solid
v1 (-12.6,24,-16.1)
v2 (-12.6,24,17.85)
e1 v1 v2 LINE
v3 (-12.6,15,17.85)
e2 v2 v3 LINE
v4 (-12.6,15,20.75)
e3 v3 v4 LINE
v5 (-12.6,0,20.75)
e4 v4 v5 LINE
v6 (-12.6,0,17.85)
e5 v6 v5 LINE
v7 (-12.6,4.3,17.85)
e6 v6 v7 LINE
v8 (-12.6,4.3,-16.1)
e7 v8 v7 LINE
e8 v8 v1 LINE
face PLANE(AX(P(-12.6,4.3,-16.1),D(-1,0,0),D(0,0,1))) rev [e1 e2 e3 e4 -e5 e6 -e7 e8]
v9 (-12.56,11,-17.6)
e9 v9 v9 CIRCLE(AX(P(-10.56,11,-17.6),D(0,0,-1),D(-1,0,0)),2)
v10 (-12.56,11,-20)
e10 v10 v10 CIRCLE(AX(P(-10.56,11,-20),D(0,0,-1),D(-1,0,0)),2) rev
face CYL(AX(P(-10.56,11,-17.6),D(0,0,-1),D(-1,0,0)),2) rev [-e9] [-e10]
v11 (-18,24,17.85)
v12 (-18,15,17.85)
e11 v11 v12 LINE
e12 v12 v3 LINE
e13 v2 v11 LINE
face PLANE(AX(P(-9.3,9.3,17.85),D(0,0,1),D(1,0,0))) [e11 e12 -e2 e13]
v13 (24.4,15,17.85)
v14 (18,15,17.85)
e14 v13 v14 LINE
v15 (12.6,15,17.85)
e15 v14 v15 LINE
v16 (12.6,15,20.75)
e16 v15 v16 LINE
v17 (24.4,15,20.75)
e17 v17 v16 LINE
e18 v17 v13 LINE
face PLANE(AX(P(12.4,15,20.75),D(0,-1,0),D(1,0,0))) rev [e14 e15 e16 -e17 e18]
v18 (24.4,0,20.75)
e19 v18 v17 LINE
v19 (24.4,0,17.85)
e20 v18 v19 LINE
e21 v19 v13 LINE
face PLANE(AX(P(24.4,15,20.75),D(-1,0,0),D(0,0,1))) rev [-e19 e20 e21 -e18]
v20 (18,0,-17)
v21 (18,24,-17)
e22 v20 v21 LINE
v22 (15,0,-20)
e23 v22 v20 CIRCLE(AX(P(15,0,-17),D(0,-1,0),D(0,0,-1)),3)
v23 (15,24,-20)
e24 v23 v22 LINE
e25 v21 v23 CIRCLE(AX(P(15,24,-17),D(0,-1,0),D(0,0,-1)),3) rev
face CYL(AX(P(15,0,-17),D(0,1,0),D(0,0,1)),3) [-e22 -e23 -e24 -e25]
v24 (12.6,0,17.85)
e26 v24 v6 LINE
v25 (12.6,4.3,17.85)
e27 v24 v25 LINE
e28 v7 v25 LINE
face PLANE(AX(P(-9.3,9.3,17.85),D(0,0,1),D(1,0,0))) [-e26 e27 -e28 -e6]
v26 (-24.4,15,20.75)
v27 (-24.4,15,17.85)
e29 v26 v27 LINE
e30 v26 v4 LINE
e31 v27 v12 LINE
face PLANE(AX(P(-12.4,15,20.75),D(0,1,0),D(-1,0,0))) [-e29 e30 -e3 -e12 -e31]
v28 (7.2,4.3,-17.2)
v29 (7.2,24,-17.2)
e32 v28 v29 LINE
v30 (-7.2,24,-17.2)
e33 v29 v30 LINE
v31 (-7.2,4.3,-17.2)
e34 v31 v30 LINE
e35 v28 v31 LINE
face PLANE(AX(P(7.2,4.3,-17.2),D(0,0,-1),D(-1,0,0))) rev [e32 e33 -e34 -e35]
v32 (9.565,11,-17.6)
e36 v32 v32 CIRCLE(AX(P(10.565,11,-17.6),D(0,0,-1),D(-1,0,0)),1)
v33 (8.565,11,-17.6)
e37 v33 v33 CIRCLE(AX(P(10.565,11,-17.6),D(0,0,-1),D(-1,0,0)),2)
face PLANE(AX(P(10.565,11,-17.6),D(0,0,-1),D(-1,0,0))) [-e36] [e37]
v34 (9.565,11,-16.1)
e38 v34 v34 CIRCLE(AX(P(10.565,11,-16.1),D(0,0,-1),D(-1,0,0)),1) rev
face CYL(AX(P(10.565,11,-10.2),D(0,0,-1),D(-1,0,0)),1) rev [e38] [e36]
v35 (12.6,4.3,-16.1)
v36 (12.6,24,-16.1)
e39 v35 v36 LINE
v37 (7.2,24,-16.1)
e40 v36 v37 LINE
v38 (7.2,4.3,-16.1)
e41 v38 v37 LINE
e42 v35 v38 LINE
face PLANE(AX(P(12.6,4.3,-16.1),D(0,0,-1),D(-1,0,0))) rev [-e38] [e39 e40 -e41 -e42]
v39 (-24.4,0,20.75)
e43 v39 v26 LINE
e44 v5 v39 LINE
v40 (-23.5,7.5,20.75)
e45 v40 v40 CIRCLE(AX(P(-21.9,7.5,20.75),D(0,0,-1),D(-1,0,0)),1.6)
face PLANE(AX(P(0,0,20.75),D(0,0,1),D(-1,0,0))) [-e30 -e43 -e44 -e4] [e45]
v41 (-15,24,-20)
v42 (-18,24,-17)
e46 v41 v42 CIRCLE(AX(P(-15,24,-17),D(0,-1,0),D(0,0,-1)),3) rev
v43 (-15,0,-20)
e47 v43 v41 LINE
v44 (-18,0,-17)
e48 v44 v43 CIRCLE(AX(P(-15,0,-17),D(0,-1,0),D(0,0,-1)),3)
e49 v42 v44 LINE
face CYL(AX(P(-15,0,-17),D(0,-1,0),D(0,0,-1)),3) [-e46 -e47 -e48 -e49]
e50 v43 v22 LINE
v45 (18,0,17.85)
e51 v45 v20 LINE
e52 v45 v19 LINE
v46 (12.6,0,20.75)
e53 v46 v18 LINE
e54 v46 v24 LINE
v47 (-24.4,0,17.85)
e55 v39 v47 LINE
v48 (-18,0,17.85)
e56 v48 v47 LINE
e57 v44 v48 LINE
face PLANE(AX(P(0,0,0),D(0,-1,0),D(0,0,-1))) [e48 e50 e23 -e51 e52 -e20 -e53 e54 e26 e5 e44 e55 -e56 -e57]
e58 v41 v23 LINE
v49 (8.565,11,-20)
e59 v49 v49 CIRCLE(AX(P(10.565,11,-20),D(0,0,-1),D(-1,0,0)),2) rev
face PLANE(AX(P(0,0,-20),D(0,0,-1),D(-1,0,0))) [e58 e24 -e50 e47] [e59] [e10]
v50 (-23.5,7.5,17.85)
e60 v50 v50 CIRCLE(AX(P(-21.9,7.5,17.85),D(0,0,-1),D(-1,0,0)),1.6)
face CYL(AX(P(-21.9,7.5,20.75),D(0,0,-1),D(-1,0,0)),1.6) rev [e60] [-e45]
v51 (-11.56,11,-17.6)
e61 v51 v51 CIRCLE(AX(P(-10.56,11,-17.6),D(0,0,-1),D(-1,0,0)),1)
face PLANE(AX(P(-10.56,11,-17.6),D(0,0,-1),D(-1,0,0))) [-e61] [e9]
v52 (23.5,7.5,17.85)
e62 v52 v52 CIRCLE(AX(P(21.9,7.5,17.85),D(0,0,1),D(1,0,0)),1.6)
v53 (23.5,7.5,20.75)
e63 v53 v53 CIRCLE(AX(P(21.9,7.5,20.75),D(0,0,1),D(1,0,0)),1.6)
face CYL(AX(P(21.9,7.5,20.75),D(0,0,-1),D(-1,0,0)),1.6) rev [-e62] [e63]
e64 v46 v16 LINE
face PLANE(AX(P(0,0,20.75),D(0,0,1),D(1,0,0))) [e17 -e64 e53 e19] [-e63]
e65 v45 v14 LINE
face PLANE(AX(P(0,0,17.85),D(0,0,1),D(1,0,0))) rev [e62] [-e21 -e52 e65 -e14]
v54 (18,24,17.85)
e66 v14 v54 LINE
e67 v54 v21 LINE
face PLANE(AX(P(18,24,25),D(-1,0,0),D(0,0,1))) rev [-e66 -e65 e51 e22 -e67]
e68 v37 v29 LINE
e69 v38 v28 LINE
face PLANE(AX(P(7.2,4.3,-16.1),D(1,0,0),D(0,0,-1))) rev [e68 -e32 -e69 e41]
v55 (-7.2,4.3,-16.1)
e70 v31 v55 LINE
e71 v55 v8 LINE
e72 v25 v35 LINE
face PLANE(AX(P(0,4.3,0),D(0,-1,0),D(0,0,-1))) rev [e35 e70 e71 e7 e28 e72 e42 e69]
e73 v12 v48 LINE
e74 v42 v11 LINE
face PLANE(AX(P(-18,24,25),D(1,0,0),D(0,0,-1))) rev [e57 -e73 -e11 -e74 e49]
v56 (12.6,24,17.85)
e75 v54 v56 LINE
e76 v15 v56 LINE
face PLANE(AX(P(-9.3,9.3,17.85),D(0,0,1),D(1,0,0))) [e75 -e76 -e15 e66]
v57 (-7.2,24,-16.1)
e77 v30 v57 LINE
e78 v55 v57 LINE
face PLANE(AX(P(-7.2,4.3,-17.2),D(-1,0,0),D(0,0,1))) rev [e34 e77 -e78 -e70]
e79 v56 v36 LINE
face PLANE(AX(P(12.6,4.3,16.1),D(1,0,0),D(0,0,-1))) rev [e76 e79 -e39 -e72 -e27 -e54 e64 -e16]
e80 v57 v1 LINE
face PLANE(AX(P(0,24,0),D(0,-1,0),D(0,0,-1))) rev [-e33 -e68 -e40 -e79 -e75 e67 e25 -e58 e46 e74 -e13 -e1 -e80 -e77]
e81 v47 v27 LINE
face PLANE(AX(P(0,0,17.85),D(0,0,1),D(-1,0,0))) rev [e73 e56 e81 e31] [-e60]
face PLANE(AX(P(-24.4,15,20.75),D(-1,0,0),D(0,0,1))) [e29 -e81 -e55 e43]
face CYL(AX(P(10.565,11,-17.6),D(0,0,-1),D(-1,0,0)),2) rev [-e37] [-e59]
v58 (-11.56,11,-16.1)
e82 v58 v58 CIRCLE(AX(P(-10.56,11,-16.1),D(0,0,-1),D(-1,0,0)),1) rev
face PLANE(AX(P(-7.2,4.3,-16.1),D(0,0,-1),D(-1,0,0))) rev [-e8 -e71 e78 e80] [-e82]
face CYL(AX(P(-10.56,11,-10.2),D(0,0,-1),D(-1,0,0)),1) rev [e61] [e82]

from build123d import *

# Parameters (mm, degrees)
SKETCH_3_W           = 36
SKETCH_3_H           = 50
EXTRUDE_1_DEPTH      = 24
SKETCH_4_W           = 24.8
SKETCH_4_H           = 31.8
CUT_EXTRUDE_1_DEPTH  = 19.7
SKETCH_5_W           = 14
SKETCH_5_H           = 2.2
CUT_EXTRUDE_3_DEPTH  = 19.7
SKETCH_6_W           = 18.5
SKETCH_6_H           = 3.8
CUT_EXTRUDE_4_DEPTH  = 14.7
SKETCH_7_W           = 24.8
SKETCH_7_H           = 24.280407208
CUT_EXTRUDE_5_DEPTH  = 2
SKETCH_8_R           = 2
CUT_EXTRUDE_6_DEPTH  = 6.4
SKETCH_9_R           = 1
CUT_EXTRUDE_7_DEPTH  = 6.4
SKETCH_10_R          = 2
CUT_EXTRUDE_8_DEPTH  = 7.4
SKETCH_11_R          = 1
CUT_EXTRUDE_9_DEPTH  = 7.4
SKETCH_14_W          = 47.693248889
SKETCH_14_H          = 41.94352182
CUT_EXTRUDE_12_DEPTH = 4
SKETCH_16_W          = 69.166934332
SKETCH_16_H          = 39.422219991
CUT_EXTRUDE_13_DEPTH = 5
CUT_EXTRUDE_17_DEPTH = 19.7
SKETCH_19_W          = 18.6
SKETCH_19_H          = 1.8
CUT_EXTRUDE_18_DEPTH = 12.7
SKETCH_20_W          = 66.697030433
SKETCH_20_H          = 63.084499434
CUT_EXTRUDE_19_DEPTH = 3.15
SKETCH_21_W          = 24.8
SKETCH_21_H          = 17.7
CUT_EXTRUDE_20_DEPTH = 10
SKETCH_22_W          = 12
SKETCH_22_H          = 15
SKETCH_22_R          = 1.6
EXTRUDE_2_DEPTH      = 2.9
SKETCH_23_W          = 25.2
SKETCH_23_H          = 39.225239964
CUT_EXTRUDE_22_DEPTH = 19.7
SKETCH_24_W          = 25.2
SKETCH_24_H          = 2.9
CUT_EXTRUDE_23_DEPTH = 4.3
FILLET_1_R           = 3


with BuildPart() as part:
    # 草图3 → 凸台-拉伸1 (new body)
    with BuildSketch(Plane(origin=(0, 0, 0), x_dir=(1, 0, 0), z_dir=(0, 1, 0))):
        Rectangle(SKETCH_3_W, SKETCH_3_H)
    extrude(amount=EXTRUDE_1_DEPTH)

    # 草图4 → 切除-拉伸1 (cut)
    with BuildSketch(Plane(origin=(0, 24, 0), x_dir=(1, 0, 0), z_dir=(0, 1, 0))):
        Rectangle(SKETCH_4_W, SKETCH_4_H)
    extrude(amount=-CUT_EXTRUDE_1_DEPTH, mode=Mode.SUBTRACT)

    # 草图5 → 切除-拉伸3 (cut)
    with BuildSketch(Plane(origin=(0, 24, 0), x_dir=(1, 0, 0), z_dir=(0, 1, 0))):
        with Locations((0, 15.9)):
            Rectangle(SKETCH_5_W, SKETCH_5_H)
    extrude(amount=-CUT_EXTRUDE_3_DEPTH, mode=Mode.SUBTRACT)

    # 草图6 → 切除-拉伸4 (cut)
    with BuildSketch(Plane(origin=(0, 24, 0), x_dir=(1, 0, 0), z_dir=(0, 1, 0))):
        with Locations((0, -15.9)):
            Rectangle(SKETCH_6_W, SKETCH_6_H)
    extrude(amount=-CUT_EXTRUDE_4_DEPTH, mode=Mode.SUBTRACT)

    # 草图7 → 切除-拉伸5 (cut)
    with BuildSketch(Plane(origin=(0, 24, 0), x_dir=(1, 0, 0), z_dir=(0, 1, 0))):
        with Locations((0, -25)):
            Rectangle(SKETCH_7_W, SKETCH_7_H)
    extrude(amount=-CUT_EXTRUDE_5_DEPTH, mode=Mode.SUBTRACT)

    # 草图8 → 切除-拉伸6 (cut)
    with BuildSketch(Plane.XY.offset(25)):
        with Locations((10.65, 7.2)):
            Circle(SKETCH_8_R)
        with Locations((-10.65, 7.2)):
            Circle(SKETCH_8_R)
    extrude(amount=-CUT_EXTRUDE_6_DEPTH, mode=Mode.SUBTRACT)

    # 草图9 → 切除-拉伸7 (cut)
    with BuildSketch(Plane.XY.offset(18.6)):
        with Locations((10.65, 7.2)):
            Circle(SKETCH_9_R)
        with Locations((-10.65, 7.2)):
            Circle(SKETCH_9_R)
    extrude(amount=-CUT_EXTRUDE_7_DEPTH, mode=Mode.SUBTRACT)

    # 草图10 → 切除-拉伸8 (cut)
    with BuildSketch(Plane(origin=(0, 0, -25), x_dir=(-1, 0, 0), z_dir=(0, 0, -1))):
        with Locations((-10.565, 11)):
            Circle(SKETCH_10_R)
        with Locations((10.56, 11)):
            Circle(SKETCH_10_R)
    extrude(amount=-CUT_EXTRUDE_8_DEPTH, mode=Mode.SUBTRACT)

    # 草图11 → 切除-拉伸9 (cut)
    with BuildSketch(Plane(origin=(0, 0, -17.6), x_dir=(-1, 0, 0), z_dir=(0, 0, -1))):
        with Locations((10.56, 11)):
            Circle(SKETCH_11_R)
        with Locations((-10.565, 11)):
            Circle(SKETCH_11_R)
    extrude(amount=-CUT_EXTRUDE_9_DEPTH, mode=Mode.SUBTRACT)

    # 草图14 → 切除-拉伸12 (cut)
    with BuildSketch(Plane.XY.offset(25)):
        with Locations((-2.653720185, 12.393348568)):
            Rectangle(SKETCH_14_W, SKETCH_14_H)
    extrude(amount=-CUT_EXTRUDE_12_DEPTH, mode=Mode.SUBTRACT)

    # 草图16 → 切除-拉伸13 (cut)
    with BuildSketch(Plane(origin=(0, 0, -25), x_dir=(-1, 0, 0), z_dir=(0, 0, -1))):
        with Locations((0.858826259, 12.588310345)):
            Rectangle(SKETCH_16_W, SKETCH_16_H)
    extrude(amount=-CUT_EXTRUDE_13_DEPTH, mode=Mode.SUBTRACT)

    # 草图18 → 切除-拉伸17 (cut)
    with BuildSketch(Plane(origin=(0, 24, 0), x_dir=(1, 0, 0), z_dir=(0, 1, 0))):
        Polygon((-12.6, -16.1), (12.6, -16.1), (12.6, 16.1), (7.2, 16.1), (7.2, 17.2), (-7.2, 17.2), (-7.2, 16.1), (-12.6, 16.1), align=None)
    extrude(amount=-CUT_EXTRUDE_17_DEPTH, mode=Mode.SUBTRACT)

    # 草图19 → 切除-拉伸18 (cut)
    with BuildSketch(Plane(origin=(0, 22, 0), x_dir=(1, 0, 0), z_dir=(0, 1, 0))):
        with Locations((0, -16.95)):
            Rectangle(SKETCH_19_W, SKETCH_19_H)
    extrude(amount=-CUT_EXTRUDE_18_DEPTH, mode=Mode.SUBTRACT)

    # 草图20 → 切除-拉伸19 (cut)
    with BuildSketch(Plane.XY.offset(21)):
        with Locations((4.746063078, 3.342697103)):
            Rectangle(SKETCH_20_W, SKETCH_20_H)
    extrude(amount=-CUT_EXTRUDE_19_DEPTH, mode=Mode.SUBTRACT)

    # 草图21 → 切除-拉伸20 (cut)
    with BuildSketch(Plane.XY.offset(17.85)):
        with Locations((0, 13.15)):
            Rectangle(SKETCH_21_W, SKETCH_21_H)
    extrude(amount=-CUT_EXTRUDE_20_DEPTH, mode=Mode.SUBTRACT)

    # 草图22 → 凸台-拉伸2 (add)
    with BuildSketch(Plane.XY.offset(17.85)):
        with Locations((18.4, 7.5)):
            Rectangle(SKETCH_22_W, SKETCH_22_H)
        with Locations((21.9, 7.5)):
            Circle(SKETCH_22_R, mode=Mode.SUBTRACT)
    extrude_2 = extrude(amount=EXTRUDE_2_DEPTH)

    # 镜向1: 凸台-拉伸2 across plane
    add(extrude_2.mirror(Plane(origin=(0, 0, 0), x_dir=(0, 0, 1), z_dir=(1, 0, 0))))

    # 草图23 → 切除-拉伸22 (cut)
    with BuildSketch(Plane(origin=(0, 24, 0), x_dir=(1, 0, 0), z_dir=(0, 1, 0))):
        with Locations((0, -3.512619982)):
            Rectangle(SKETCH_23_W, SKETCH_23_H)
    extrude(amount=-CUT_EXTRUDE_22_DEPTH, mode=Mode.SUBTRACT)

    # 草图24 → 切除-拉伸23 (cut)
    with BuildSketch(Plane(origin=(0, 4.3, 0), x_dir=(1, 0, 0), z_dir=(0, 1, 0))):
        with Locations((0, -19.3)):
            Rectangle(SKETCH_24_W, SKETCH_24_H)
    extrude(amount=-CUT_EXTRUDE_23_DEPTH, mode=Mode.SUBTRACT)

    # 圆角1
    fillet_1_edges = [part.edges().sort_by_distance(p)[0] for p in [
        (-18, 12, -20),
        (18, 12, -20),
    ]]
    fillet(fillet_1_edges, radius=FILLET_1_R)


solid = part.part
